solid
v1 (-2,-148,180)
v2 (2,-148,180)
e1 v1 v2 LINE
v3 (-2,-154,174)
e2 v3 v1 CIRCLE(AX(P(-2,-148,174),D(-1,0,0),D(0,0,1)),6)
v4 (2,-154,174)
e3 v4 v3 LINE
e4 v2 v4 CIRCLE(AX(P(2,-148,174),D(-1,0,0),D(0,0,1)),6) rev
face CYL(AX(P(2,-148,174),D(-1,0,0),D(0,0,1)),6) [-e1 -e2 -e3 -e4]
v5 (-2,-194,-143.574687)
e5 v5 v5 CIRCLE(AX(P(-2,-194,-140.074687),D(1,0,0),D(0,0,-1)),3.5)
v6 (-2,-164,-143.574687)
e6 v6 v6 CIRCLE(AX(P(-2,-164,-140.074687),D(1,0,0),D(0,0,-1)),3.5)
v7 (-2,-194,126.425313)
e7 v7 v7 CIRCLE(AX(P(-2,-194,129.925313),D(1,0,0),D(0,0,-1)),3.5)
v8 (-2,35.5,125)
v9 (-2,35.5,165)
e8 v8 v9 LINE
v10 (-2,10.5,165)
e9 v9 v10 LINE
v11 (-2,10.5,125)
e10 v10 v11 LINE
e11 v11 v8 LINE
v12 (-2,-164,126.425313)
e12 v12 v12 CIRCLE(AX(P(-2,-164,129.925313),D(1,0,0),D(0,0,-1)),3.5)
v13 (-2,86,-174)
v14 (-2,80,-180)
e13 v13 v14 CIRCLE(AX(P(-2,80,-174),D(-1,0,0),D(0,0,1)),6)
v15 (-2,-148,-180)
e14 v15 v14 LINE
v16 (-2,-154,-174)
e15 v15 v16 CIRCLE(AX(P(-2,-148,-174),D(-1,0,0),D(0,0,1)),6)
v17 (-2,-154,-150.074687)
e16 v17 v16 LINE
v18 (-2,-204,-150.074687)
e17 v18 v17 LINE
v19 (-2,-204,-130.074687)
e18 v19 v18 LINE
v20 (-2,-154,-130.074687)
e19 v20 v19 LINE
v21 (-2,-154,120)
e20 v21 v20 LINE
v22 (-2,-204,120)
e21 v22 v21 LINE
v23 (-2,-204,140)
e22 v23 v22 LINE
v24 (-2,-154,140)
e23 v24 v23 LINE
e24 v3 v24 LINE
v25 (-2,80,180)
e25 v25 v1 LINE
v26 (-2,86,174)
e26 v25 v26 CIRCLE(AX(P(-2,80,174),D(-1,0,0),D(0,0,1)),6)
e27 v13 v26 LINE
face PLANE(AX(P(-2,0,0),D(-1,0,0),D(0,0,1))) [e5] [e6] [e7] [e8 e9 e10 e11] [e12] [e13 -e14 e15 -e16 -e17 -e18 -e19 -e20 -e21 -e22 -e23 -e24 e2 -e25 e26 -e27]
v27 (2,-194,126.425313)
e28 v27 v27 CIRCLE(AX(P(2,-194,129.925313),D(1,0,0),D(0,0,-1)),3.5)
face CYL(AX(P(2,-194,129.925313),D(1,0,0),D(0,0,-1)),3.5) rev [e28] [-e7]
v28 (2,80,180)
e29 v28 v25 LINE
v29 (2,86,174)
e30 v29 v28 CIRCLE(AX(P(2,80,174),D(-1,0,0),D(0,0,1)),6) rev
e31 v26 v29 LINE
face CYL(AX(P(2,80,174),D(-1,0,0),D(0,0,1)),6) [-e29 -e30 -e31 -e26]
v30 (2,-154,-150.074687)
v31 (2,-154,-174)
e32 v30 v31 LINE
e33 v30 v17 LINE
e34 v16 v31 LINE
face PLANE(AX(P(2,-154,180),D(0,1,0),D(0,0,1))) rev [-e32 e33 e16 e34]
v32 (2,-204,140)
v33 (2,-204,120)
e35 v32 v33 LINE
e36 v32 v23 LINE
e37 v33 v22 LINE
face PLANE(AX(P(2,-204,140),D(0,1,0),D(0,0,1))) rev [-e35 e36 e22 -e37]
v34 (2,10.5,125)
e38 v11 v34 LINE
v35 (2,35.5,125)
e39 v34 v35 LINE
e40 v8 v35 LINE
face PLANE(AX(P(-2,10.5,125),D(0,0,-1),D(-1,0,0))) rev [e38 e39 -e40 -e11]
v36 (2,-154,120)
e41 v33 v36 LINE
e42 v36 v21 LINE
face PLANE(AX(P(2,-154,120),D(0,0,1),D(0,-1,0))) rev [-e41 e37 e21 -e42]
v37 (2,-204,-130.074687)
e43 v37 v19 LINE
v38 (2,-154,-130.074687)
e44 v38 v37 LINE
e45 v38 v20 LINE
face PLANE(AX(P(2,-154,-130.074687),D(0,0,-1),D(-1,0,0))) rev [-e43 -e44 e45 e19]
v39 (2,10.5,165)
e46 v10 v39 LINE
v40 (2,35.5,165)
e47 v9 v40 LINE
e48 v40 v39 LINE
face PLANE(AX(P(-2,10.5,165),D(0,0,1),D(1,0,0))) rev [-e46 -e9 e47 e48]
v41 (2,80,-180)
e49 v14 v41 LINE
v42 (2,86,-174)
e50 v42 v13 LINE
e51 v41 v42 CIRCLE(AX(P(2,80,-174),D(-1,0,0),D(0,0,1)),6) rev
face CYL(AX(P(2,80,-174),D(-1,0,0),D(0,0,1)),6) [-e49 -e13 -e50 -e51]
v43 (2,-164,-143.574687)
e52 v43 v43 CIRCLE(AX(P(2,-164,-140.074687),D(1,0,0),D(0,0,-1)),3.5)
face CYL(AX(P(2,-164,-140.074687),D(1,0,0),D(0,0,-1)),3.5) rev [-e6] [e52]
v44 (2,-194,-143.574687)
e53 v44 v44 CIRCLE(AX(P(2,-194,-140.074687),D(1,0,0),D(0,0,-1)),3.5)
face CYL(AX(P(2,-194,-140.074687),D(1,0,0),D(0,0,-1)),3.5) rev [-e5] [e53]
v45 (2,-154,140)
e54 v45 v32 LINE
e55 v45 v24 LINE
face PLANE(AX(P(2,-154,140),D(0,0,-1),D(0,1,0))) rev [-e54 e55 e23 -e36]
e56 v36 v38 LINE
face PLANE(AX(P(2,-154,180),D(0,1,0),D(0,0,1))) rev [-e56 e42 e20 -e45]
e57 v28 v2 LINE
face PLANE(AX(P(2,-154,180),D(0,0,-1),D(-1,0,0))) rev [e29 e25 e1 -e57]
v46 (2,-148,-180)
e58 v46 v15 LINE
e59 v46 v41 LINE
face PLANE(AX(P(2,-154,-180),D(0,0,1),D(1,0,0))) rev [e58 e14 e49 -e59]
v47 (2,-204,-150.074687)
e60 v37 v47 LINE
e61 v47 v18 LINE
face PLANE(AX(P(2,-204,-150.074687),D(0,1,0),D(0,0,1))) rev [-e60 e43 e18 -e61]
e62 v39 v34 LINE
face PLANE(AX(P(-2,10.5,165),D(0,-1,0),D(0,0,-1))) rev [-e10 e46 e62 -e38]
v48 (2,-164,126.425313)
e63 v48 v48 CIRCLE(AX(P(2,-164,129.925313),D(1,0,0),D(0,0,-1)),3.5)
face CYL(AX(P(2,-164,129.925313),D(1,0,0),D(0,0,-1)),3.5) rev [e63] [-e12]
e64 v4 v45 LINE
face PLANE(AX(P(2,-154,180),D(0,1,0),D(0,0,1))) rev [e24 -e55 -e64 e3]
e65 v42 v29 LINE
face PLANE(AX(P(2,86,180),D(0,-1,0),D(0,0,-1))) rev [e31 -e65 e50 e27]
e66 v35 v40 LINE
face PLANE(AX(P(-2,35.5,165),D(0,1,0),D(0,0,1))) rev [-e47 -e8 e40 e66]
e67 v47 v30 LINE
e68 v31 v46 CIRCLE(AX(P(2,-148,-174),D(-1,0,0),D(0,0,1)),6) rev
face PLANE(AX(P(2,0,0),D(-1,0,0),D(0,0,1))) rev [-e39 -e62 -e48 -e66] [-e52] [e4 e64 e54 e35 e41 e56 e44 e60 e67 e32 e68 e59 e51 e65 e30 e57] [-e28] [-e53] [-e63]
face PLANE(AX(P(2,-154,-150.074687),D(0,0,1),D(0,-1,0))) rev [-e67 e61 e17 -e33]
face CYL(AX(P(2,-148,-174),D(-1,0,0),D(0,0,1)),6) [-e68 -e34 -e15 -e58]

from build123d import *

# Parameters (mm, degrees)
SKETCH2_W             = 360
SKETCH2_H             = 240
BOSS_EXTRUDE2_DEPTH   = 2
FILLET1_R             = 6
SKETCH3_W             = 40
SKETCH3_H             = 25
CUT_EXTRUDE1_DEPTH    = 237.921928069
SKETCH4_W             = 20
SKETCH4_H             = 50
BOSS_EXTRUDE3_DEPTH   = 2
M8X1_0_TAPPED_HOLE1_D = 7


with BuildPart() as part:
    # Sketch2 → Boss-Extrude2 (new, symmetric)
    with BuildSketch(Plane(origin=(0, 0, 0), x_dir=(0, 0, -1), z_dir=(1, 0, 0))):
        with Locations((0, -34)):
            Rectangle(SKETCH2_W, SKETCH2_H)
    extrude(amount=BOSS_EXTRUDE2_DEPTH, both=True)

    # Fillet1
    fillet1_edges = [part.edges().sort_by_distance(p)[0] for p in [
        (0, -154, -180),
        (0, -154, 180),
        (0, 86, 180),
        (0, 86, -180),
    ]]
    fillet(fillet1_edges, radius=FILLET1_R)

    # Sketch3 → Cut-Extrude1 (cut, through all)
    with BuildSketch(Plane(origin=(2, 0, 0), x_dir=(0, 0, -1), z_dir=(1, 0, 0))):
        with Locations((-145, 23)):
            Rectangle(SKETCH3_W, SKETCH3_H)
    extrude(amount=-CUT_EXTRUDE1_DEPTH, mode=Mode.SUBTRACT)

    # Sketch4 → Boss-Extrude3 (add, symmetric)
    with BuildSketch(Plane(origin=(0, 0, 0), x_dir=(0, 0, -1), z_dir=(1, 0, 0))):
        with Locations((-130, -179)):
            Rectangle(SKETCH4_W, SKETCH4_H)
        with Locations((140.074687189, -179)):
            Rectangle(SKETCH4_W, SKETCH4_H)
    extrude(amount=BOSS_EXTRUDE3_DEPTH, both=True)

    # M8x1.0 Tapped Hole1 (through all)
    with Locations(Plane(origin=(2, 0, 0), x_dir=(0, 0, -1), z_dir=(1, 0, 0))):
        with Locations((-129.925312811, -194), (-129.925312811, -164), (140.074687189, -194), (140.074687189, -164)):
            Hole(M8X1_0_TAPPED_HOLE1_D / 2)


solid = part.part
